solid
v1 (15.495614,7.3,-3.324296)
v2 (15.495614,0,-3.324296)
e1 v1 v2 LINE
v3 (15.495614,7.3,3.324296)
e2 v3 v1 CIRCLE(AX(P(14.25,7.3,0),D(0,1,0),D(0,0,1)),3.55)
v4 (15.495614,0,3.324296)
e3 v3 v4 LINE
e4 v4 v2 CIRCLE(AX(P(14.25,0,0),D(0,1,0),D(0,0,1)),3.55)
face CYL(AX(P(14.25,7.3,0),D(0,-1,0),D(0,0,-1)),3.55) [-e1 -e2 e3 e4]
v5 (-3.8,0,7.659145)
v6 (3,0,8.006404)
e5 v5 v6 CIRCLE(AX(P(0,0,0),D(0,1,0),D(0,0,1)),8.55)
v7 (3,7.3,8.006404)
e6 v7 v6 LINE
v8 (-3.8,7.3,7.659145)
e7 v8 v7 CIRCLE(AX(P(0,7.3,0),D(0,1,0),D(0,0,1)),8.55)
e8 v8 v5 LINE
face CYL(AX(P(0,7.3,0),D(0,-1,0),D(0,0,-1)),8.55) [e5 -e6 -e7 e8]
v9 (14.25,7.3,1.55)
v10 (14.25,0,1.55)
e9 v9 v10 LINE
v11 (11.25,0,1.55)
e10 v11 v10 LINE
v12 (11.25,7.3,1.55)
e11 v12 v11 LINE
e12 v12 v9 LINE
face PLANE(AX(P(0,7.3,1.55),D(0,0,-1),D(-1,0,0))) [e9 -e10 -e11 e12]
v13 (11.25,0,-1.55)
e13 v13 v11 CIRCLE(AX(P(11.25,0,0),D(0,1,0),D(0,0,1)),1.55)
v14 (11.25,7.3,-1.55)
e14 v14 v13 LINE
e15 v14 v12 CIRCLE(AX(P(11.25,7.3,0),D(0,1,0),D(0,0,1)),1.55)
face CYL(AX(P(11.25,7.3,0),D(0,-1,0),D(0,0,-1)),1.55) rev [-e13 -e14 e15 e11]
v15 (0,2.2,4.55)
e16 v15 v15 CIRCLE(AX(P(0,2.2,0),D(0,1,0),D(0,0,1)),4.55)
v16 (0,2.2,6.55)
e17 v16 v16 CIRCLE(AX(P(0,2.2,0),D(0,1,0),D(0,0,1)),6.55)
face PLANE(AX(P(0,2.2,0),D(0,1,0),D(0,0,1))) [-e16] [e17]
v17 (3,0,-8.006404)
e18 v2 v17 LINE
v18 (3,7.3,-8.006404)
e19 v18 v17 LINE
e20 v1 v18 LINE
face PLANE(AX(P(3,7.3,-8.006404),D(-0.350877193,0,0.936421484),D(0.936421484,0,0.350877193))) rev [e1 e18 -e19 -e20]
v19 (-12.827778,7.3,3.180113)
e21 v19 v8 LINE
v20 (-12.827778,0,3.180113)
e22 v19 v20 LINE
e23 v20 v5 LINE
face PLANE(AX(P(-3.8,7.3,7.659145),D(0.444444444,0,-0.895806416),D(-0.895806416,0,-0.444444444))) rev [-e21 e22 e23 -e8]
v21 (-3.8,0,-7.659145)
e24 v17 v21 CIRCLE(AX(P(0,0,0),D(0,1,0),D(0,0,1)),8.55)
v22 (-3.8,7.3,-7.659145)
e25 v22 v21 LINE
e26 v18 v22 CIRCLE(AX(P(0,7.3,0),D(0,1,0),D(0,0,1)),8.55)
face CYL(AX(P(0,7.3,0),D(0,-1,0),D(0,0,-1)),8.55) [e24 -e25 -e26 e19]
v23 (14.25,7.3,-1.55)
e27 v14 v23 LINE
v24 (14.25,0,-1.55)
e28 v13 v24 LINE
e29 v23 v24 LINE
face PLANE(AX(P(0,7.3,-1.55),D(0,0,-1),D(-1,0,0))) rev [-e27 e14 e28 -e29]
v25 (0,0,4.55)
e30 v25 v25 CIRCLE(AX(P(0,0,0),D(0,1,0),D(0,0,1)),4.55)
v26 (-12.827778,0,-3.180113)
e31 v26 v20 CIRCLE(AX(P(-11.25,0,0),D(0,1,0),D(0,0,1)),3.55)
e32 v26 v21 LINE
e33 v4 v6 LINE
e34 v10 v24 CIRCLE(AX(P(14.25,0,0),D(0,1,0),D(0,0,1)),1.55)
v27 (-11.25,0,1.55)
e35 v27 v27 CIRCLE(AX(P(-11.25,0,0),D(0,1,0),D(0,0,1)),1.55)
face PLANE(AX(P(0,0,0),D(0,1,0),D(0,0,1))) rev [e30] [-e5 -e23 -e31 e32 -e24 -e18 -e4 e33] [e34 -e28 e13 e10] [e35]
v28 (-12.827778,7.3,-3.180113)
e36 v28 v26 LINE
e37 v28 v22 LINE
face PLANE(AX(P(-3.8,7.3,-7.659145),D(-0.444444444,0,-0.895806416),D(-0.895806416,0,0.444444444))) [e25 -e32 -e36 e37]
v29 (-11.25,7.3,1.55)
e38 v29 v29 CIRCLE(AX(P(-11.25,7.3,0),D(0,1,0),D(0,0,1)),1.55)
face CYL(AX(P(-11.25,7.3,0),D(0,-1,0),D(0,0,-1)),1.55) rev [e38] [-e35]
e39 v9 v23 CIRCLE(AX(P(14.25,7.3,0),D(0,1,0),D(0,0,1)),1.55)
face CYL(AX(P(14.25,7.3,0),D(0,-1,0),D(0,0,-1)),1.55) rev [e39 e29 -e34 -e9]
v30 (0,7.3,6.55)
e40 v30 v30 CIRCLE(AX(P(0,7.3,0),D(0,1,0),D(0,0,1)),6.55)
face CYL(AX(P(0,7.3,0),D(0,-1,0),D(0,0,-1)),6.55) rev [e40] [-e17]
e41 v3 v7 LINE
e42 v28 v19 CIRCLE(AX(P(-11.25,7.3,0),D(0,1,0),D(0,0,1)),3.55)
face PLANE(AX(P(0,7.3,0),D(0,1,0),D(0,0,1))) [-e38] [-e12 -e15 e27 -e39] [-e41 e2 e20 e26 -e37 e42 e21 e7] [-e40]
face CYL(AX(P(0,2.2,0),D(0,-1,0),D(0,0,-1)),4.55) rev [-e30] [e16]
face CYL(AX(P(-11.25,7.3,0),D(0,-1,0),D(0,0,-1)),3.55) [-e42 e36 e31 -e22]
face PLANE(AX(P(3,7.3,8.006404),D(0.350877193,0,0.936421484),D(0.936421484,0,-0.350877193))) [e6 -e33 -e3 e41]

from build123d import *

# Parameters (mm, degrees)
SKETCH1_R     = 6.55
SKETCH1_R_2   = 1.55
BODY_DEPTH    = 7.3
SKETCH1_4_R   = 6.55
SKETCH1_4_R_2 = 4.55
FLOOR_2_DEPTH = 2.2


with BuildPart() as part:
    # Sketch1 → Body (new body)
    with BuildSketch(Plane(origin=(0, 0, 0), x_dir=(1, 0, 0), z_dir=(0, 1, 0))):
        with BuildLine():
            ThreePointArc((15.495614035, -3.324296268), (17.8, 0), (15.495614035, 3.324296268))
            Line((15.495614035, 3.324296268), (3, 8.006403687))
            ThreePointArc((3, 8.006403687), (-0.436058681, 8.538873042), (-3.8, 7.659144861))
            Line((-3.8, 7.659144861), (-12.827777778, 3.180112778))
            ThreePointArc((-12.827777778, 3.180112778), (-14.8, 0), (-12.827777778, -3.180112778))
            Line((-12.827777778, -3.180112778), (-3.8, -7.659144861))
            ThreePointArc((-3.8, -7.659144861), (-0.436058681, -8.538873042), (3, -8.006403687))
            Line((3, -8.006403687), (15.495614035, -3.324296268))
        make_face()
        with BuildLine():
            Line((11.25, 1.55), (14.25, 1.55))
            ThreePointArc((14.25, 1.55), (15.8, 0), (14.25, -1.55))
            Line((14.25, -1.55), (11.25, -1.55))
            ThreePointArc((11.25, -1.55), (9.7, 0), (11.25, 1.55))
        make_face(mode=Mode.SUBTRACT)
        Circle(SKETCH1_R, mode=Mode.SUBTRACT)
        with Locations((-11.25, 0)):
            Circle(SKETCH1_R_2, mode=Mode.SUBTRACT)
    extrude(amount=BODY_DEPTH)

    # Sketch1<4> → Floor 2 (add)
    with BuildSketch(Plane(origin=(0, 0, 0), x_dir=(1, 0, 0), z_dir=(0, 1, 0))):
        Circle(SKETCH1_4_R)
        Circle(SKETCH1_4_R_2, mode=Mode.SUBTRACT)
    extrude(amount=FLOOR_2_DEPTH)


solid = part.part
